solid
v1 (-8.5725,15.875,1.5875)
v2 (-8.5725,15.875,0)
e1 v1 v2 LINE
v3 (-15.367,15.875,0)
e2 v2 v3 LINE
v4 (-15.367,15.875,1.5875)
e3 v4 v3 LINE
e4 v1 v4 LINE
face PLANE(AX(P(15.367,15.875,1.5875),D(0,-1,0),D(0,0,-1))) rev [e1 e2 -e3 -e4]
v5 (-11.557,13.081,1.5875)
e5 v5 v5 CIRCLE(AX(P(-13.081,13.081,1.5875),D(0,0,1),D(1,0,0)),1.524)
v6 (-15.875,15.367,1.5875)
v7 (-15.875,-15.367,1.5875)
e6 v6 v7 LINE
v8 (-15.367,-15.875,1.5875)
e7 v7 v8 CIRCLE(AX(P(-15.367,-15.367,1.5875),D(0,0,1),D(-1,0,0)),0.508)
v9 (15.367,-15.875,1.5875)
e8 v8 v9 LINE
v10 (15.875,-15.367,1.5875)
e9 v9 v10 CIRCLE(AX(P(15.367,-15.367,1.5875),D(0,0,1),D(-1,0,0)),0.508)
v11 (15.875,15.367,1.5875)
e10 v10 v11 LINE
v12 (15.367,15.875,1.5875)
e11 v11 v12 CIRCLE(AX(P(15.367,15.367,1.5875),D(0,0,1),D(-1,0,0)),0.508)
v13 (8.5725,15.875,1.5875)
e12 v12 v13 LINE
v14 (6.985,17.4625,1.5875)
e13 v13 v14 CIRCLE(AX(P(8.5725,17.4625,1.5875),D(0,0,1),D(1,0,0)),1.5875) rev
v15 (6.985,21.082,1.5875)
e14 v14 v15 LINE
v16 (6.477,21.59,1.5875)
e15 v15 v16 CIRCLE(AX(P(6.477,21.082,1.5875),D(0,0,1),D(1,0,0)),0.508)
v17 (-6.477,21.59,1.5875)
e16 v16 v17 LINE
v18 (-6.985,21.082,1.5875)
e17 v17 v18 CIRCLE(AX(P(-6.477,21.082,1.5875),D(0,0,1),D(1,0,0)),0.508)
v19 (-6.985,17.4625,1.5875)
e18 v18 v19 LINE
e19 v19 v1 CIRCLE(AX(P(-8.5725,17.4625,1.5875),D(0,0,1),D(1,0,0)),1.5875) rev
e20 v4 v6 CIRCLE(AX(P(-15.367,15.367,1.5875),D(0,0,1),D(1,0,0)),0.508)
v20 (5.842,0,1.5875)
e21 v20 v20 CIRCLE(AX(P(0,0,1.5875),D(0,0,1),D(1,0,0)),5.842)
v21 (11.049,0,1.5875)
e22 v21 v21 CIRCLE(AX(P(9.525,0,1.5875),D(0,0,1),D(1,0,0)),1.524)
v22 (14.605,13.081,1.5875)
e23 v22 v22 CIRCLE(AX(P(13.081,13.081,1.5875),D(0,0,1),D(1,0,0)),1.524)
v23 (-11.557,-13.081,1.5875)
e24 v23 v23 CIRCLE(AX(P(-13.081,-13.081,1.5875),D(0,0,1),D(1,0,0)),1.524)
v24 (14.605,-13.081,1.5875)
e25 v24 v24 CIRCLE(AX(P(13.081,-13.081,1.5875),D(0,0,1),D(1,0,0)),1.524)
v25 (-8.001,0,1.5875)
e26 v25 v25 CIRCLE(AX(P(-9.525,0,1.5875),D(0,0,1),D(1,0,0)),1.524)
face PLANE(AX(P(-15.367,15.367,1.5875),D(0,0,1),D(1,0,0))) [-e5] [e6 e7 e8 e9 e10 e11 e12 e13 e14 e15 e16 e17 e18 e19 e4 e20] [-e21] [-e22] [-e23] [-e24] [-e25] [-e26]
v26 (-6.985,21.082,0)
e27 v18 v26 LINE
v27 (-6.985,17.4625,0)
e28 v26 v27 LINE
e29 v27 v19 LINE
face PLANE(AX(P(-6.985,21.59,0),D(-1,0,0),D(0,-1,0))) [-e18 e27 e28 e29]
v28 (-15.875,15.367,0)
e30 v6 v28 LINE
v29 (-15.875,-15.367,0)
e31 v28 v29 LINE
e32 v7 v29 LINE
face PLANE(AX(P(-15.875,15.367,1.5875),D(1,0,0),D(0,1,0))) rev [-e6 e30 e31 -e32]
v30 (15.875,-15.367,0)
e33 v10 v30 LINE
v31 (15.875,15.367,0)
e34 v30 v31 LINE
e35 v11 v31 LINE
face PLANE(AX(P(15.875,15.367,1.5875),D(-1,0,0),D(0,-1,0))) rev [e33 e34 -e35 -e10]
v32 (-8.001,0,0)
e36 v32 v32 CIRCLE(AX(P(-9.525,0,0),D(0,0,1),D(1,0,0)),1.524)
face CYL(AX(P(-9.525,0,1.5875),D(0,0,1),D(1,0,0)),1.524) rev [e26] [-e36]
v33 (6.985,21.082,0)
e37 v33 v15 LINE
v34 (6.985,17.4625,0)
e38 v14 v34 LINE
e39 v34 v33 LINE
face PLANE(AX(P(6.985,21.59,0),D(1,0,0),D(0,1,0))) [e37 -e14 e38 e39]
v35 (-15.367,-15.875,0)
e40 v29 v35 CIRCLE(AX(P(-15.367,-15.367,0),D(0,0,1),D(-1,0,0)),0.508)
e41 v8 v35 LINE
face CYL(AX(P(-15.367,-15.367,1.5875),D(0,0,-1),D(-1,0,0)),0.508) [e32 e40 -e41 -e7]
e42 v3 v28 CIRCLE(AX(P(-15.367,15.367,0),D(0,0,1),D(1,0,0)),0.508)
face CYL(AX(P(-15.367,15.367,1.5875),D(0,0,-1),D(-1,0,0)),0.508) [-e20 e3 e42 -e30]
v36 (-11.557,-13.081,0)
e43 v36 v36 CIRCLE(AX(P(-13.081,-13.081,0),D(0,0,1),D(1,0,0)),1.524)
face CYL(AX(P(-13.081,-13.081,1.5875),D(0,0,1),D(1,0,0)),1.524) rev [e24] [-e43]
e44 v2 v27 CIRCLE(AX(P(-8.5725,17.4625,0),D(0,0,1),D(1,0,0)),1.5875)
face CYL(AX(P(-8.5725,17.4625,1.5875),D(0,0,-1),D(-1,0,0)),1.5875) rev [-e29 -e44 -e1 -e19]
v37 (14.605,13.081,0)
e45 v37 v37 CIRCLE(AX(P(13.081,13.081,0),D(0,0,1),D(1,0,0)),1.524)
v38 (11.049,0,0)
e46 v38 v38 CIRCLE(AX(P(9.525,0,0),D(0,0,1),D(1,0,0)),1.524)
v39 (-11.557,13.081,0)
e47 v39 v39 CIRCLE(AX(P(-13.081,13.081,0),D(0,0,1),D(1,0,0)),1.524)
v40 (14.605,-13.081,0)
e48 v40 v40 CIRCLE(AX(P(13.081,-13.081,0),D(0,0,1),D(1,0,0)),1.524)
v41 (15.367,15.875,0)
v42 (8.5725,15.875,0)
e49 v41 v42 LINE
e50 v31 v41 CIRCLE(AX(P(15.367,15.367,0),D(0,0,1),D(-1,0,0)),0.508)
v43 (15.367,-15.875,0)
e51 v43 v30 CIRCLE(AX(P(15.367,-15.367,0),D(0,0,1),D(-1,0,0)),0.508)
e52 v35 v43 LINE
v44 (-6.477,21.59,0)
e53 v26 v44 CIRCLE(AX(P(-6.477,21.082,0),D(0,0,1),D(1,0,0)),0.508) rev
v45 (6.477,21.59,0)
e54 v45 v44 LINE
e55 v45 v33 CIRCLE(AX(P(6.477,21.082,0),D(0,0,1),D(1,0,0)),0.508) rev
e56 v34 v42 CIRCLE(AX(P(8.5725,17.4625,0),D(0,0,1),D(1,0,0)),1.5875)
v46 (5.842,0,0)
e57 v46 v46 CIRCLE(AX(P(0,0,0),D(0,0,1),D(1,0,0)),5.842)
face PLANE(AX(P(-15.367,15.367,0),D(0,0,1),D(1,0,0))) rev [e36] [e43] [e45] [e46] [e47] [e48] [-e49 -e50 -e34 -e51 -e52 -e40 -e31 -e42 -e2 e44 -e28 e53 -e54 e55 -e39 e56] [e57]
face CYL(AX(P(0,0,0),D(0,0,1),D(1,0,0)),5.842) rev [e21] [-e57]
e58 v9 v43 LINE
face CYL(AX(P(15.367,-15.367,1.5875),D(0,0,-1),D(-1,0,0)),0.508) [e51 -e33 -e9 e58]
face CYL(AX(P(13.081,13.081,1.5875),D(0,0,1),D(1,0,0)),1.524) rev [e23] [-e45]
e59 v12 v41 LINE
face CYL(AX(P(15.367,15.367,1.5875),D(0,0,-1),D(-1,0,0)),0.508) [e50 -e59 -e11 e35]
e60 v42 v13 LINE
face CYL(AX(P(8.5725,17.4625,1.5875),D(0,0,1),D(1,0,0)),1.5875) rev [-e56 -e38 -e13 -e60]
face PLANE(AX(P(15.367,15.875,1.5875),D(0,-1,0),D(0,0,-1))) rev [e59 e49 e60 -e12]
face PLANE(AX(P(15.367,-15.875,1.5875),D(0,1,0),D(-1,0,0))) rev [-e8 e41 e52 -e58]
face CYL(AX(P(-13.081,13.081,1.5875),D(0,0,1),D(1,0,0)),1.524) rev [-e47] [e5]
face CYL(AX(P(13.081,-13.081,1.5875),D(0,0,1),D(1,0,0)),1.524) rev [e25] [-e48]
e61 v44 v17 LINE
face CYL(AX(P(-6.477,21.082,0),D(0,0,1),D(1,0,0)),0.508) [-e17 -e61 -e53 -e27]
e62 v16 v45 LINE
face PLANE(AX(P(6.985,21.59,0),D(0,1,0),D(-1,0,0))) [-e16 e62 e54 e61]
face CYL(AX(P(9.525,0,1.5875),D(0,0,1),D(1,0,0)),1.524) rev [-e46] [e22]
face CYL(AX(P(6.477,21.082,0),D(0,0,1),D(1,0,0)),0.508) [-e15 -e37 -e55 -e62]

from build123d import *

# Parameters (mm, degrees)
BOSS_EXTRUDE1_DEPTH   = 1.5875
SKETCH2_R             = 5.842
CUT_EXTRUDE1_DEPTH    = 23.50669692
F_4_CLEARANCE_HOLE1_D = 3.048
SKETCH5_W             = 13.97
SKETCH5_H             = 11.43
BOSS_EXTRUDE2_DEPTH   = 1.5875
FILLET1_R             = 1.5875
FILLET2_R             = 0.508


with BuildPart() as part:
    # Sketch1 → Boss-Extrude1 (new body)
    with BuildSketch(Plane.XY):
        with BuildLine():
            Line((15.367, 15.875), (-15.367, 15.875))
            ThreePointArc((-15.367, 15.875), (-15.726210245, 15.726210245), (-15.875, 15.367))
            Line((-15.875, 15.367), (-15.875, -15.367))
            ThreePointArc((-15.875, -15.367), (-15.726210245, -15.726210245), (-15.367, -15.875))
            Line((-15.367, -15.875), (15.367, -15.875))
            ThreePointArc((15.367, -15.875), (15.726210245, -15.726210245), (15.875, -15.367))
            Line((15.875, -15.367), (15.875, 15.367))
            ThreePointArc((15.875, 15.367), (15.726210245, 15.726210245), (15.367, 15.875))
        make_face()
    extrude(amount=BOSS_EXTRUDE1_DEPTH)

    # Sketch2 → Cut-Extrude1 (cut, through all)
    with BuildSketch(Plane.XY.offset(1.5875)):
        Circle(SKETCH2_R)
    extrude(amount=-CUT_EXTRUDE1_DEPTH, mode=Mode.SUBTRACT)

    # #4 Clearance Hole1 (through all)
    with Locations(Plane.XY.offset(1.5875)):
        with Locations((-13.081, 13.081), (13.081, 13.081), (13.081, -13.081), (-13.081, -13.081), (-9.525, 0), (9.525, 0)):
            Hole(F_4_CLEARANCE_HOLE1_D / 2)

    # Sketch5 → Boss-Extrude2 (add, through all)
    with BuildSketch(Plane.XY.offset(1.5875)):
        with Locations((0, 15.875)):
            Rectangle(SKETCH5_W, SKETCH5_H)
    extrude(amount=-BOSS_EXTRUDE2_DEPTH)

    # Fillet1
    fillet1_edges = [part.edges().sort_by_distance(p)[0] for p in [
        (-6.985, 15.875, 0.79375),
        (6.985, 15.875, 0.79375),
    ]]
    fillet(fillet1_edges, radius=FILLET1_R)

    # Fillet2
    fillet2_edges = [part.edges().sort_by_distance(p)[0] for p in [
        (6.985, 21.59, 0.79375),
        (-6.985, 21.59, 0.79375),
    ]]
    fillet(fillet2_edges, radius=FILLET2_R)


solid = part.part
